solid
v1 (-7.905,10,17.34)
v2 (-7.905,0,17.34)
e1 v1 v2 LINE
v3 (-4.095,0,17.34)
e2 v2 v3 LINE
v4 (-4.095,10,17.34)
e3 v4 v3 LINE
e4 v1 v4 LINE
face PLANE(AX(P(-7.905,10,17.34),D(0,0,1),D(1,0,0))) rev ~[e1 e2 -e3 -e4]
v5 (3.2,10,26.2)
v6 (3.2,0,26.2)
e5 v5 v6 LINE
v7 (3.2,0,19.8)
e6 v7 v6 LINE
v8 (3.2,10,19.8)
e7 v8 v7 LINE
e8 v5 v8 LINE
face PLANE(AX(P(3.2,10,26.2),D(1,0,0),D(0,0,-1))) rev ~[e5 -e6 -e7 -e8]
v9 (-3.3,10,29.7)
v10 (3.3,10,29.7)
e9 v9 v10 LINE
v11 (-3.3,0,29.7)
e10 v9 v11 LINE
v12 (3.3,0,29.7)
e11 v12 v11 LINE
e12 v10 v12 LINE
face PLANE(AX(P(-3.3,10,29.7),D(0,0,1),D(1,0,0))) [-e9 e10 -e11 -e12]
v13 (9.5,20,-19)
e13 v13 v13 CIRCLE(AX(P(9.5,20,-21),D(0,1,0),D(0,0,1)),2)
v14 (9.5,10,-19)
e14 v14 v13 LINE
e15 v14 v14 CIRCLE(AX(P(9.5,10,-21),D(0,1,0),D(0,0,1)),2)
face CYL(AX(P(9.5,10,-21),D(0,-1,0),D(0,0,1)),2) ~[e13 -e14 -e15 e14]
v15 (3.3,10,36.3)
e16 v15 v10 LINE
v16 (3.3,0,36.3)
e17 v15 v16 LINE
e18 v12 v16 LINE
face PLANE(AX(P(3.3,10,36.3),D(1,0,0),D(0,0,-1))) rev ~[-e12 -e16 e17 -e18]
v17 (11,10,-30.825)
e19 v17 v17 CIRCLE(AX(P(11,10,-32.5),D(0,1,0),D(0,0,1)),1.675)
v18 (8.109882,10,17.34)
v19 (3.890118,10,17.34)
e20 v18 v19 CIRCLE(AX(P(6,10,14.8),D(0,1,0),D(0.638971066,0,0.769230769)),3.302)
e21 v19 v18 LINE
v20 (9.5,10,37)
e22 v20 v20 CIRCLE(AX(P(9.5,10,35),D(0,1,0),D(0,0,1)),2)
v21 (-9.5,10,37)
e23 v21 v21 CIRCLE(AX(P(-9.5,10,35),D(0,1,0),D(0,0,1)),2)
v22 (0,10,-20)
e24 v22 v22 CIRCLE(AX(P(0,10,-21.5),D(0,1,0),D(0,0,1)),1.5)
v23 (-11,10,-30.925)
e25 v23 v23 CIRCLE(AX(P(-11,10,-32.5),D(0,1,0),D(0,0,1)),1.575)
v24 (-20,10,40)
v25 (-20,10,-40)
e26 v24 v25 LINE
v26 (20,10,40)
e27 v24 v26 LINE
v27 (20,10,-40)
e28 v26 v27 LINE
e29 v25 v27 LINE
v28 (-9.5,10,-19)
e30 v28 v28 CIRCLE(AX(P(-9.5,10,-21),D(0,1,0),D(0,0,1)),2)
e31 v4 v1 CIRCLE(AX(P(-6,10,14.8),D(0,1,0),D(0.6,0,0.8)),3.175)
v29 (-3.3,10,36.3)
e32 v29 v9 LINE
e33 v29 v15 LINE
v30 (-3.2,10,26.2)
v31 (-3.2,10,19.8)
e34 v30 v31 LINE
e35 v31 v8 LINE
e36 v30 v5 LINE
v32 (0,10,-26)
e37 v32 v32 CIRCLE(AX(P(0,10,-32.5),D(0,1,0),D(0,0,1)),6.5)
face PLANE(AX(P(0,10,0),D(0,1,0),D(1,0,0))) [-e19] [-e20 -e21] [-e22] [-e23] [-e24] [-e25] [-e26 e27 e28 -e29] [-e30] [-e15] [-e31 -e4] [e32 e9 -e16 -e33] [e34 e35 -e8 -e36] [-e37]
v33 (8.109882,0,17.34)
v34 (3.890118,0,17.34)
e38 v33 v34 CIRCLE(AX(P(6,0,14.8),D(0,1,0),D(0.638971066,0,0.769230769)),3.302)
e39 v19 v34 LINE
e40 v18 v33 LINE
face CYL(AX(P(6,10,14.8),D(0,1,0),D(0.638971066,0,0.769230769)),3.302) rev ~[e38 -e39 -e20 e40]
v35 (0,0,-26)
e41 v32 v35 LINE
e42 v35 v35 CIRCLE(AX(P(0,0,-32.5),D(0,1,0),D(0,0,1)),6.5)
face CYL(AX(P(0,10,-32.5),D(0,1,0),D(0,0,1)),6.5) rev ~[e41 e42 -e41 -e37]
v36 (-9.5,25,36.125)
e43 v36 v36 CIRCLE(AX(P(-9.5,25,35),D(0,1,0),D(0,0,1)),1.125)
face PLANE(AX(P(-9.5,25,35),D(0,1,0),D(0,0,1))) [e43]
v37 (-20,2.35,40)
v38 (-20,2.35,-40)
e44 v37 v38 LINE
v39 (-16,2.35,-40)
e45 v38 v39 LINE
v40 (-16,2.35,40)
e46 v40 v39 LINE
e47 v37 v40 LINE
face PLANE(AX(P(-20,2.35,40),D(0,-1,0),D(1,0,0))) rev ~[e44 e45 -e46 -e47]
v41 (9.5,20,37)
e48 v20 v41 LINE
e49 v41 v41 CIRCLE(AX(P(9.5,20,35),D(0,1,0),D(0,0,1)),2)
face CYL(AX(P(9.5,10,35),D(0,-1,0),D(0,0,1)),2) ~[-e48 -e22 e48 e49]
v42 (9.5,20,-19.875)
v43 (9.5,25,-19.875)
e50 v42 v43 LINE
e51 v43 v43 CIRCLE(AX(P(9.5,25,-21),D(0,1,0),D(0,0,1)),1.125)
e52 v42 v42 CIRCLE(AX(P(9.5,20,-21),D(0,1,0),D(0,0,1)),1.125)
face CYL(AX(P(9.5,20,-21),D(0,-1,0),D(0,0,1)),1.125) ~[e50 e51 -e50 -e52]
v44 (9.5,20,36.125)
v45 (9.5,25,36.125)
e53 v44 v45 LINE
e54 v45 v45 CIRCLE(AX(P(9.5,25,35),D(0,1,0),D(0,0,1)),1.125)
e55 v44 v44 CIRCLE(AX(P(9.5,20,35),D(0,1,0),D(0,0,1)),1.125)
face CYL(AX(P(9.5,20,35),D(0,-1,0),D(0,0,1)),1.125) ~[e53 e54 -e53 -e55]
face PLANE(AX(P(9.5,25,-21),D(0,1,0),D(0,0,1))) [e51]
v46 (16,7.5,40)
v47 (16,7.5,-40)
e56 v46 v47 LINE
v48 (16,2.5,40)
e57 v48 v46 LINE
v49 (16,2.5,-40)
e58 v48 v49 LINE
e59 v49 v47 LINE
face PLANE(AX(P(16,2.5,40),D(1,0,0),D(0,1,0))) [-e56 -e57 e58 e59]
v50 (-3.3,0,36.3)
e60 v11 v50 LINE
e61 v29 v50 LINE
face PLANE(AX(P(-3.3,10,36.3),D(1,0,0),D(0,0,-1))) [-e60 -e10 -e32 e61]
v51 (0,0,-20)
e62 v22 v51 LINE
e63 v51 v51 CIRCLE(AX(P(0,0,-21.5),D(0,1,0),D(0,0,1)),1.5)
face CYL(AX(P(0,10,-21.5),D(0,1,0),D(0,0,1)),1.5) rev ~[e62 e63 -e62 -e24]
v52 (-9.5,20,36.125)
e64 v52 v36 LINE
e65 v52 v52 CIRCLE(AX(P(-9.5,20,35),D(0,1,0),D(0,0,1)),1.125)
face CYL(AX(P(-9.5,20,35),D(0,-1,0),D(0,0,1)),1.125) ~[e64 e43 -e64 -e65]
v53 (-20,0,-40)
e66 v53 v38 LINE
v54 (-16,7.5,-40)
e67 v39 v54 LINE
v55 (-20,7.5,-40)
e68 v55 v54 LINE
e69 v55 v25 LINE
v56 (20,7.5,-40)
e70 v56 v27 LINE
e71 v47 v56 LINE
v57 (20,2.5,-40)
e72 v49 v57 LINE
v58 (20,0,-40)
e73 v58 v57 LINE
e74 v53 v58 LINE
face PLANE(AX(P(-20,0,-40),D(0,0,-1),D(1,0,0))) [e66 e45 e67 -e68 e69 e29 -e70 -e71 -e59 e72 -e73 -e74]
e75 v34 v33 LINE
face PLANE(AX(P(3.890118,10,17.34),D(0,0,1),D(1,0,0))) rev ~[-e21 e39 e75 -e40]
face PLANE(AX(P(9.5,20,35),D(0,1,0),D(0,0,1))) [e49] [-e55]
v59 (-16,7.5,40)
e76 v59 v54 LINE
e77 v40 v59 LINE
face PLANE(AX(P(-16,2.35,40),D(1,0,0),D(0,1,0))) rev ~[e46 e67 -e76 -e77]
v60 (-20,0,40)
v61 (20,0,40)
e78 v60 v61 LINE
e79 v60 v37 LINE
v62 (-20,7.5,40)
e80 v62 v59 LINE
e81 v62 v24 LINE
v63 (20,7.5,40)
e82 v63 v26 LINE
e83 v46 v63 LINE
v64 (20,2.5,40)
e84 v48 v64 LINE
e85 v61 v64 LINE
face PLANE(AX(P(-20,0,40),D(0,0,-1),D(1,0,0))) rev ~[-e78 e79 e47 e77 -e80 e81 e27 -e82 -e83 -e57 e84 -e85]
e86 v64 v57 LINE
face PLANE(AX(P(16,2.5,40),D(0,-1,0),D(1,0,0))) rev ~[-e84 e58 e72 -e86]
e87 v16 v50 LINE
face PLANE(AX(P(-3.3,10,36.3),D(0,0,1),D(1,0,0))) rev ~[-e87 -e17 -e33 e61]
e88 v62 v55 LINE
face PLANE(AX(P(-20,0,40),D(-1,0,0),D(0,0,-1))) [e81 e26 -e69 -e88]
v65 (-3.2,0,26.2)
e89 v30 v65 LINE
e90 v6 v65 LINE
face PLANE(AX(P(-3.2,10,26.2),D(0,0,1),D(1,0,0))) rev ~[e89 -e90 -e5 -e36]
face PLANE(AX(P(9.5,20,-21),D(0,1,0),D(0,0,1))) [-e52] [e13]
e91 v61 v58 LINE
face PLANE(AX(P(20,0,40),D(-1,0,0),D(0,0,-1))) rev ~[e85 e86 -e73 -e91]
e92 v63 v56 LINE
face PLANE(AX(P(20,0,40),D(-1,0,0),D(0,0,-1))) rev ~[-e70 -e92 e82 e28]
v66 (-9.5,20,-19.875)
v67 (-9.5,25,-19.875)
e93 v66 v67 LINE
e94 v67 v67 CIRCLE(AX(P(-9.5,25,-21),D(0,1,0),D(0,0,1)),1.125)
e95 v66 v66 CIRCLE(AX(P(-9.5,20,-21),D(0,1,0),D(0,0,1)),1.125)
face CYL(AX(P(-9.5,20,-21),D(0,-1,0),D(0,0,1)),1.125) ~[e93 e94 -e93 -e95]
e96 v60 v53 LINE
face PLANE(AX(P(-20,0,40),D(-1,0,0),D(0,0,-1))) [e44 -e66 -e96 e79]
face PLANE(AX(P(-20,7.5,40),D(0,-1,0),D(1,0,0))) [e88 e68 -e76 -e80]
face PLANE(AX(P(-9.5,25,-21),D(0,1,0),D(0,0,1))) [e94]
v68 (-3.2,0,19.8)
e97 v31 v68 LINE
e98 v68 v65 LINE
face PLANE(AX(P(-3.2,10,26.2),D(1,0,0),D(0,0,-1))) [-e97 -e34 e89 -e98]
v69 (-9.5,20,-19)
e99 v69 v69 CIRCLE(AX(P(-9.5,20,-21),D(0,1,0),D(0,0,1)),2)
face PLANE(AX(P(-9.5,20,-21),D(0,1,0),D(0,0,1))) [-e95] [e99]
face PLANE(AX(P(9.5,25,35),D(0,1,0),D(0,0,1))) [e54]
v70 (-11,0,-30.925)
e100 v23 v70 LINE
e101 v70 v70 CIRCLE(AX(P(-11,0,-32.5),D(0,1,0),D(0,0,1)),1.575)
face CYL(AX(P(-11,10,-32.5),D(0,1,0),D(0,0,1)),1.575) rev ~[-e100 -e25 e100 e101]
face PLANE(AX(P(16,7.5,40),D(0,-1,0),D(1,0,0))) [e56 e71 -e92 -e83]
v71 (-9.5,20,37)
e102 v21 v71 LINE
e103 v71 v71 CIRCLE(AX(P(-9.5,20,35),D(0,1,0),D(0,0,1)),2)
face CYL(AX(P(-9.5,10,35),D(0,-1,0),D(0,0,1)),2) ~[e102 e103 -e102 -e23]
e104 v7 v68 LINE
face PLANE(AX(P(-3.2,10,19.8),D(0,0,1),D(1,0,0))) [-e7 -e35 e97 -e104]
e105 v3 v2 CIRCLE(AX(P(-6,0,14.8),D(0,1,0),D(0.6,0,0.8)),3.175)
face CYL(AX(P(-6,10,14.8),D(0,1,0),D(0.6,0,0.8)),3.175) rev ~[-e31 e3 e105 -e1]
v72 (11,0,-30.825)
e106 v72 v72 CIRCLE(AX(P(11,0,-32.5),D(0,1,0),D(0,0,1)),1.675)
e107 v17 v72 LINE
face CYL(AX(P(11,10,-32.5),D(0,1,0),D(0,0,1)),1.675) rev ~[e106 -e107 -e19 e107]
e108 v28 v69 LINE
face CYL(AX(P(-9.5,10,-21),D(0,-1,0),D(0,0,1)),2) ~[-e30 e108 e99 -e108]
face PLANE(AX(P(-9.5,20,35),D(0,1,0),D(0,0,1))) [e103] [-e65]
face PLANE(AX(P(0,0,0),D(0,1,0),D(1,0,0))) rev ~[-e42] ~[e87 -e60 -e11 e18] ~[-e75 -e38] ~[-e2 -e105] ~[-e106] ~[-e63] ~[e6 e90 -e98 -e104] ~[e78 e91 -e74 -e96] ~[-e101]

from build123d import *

# Parameters (mm, degrees)
ESQUISSE2_W             = 40
ESQUISSE2_H             = 80
BOSS_EXTRU_1_DEPTH      = 10
ESQUISSE3_R             = 2
BOSS_EXTRU_2_DEPTH      = 10
ESQUISSE4_R             = 1.125
BOSS_EXTRU_3_DEPTH      = 5
ENL_V_MAT_EXTRU_1_REACH = 49.17
ESQUISSE5_R             = 1.5
ESQUISSE5_R_2           = 1.575
ESQUISSE5_R_3           = 1.675
ESQUISSE5_R_4           = 6.5
ENL_V_MAT_EXTRU_2_REACH = 49.17
ESQUISSE6_W             = 6.6
ESQUISSE6_H             = 6.6
ESQUISSE6_W_2           = 6.4
ESQUISSE6_H_2           = 6.4
ENL_V_MAT_EXTRU_3_DEPTH = 10
ENL_V_MAT_EXTRU_4_REACH = 88.168
ESQUISSE8_W             = 4
ESQUISSE8_H             = 5
ESQUISSE8_H_2           = 5.15


with BuildPart() as part:
    # Esquisse2 → Boss.-Extru.1 (new body)
    with BuildSketch(Plane(origin=(0, 0, 0), x_dir=(1, 0, 0), z_dir=(0, 1, 0))):
        Rectangle(ESQUISSE2_W, ESQUISSE2_H)
    extrude(amount=BOSS_EXTRU_1_DEPTH)

    # Esquisse3 → Boss.-Extru.2 (add)
    with BuildSketch(Plane(origin=(0, 10, 0), x_dir=(1, 0, 0), z_dir=(0, 1, 0))):
        with Locations(Location((9.5, -35, 0), (0, 0, 270))):
            Circle(ESQUISSE3_R)
        with Locations(Location((9.5, 21, 0), (0, 0, 270))):
            Circle(ESQUISSE3_R)
        with Locations(Location((-9.5, -35, 0), (0, 0, 270))):
            Circle(ESQUISSE3_R)
        with Locations(Location((-9.5, 21, 0), (0, 0, 270))):
            Circle(ESQUISSE3_R)
    extrude(amount=BOSS_EXTRU_2_DEPTH)

    # Esquisse4 → Boss.-Extru.3 (add)
    with BuildSketch(Plane(origin=(0, 20, 0), x_dir=(1, 0, 0), z_dir=(0, 1, 0))):
        with Locations(Location((-9.5, -35, 0), (0, 0, 270))):
            Circle(ESQUISSE4_R)
        with Locations(Location((9.5, -35, 0), (0, 0, 270))):
            Circle(ESQUISSE4_R)
        with Locations(Location((-9.5, 21, 0), (0, 0, 270))):
            Circle(ESQUISSE4_R)
        with Locations(Location((9.5, 21, 0), (0, 0, 270))):
            Circle(ESQUISSE4_R)
    extrude(amount=BOSS_EXTRU_3_DEPTH)

    # Esquisse5 → Enlèv. mat.-Extru.1 (cut, up to next)
    with BuildSketch(Plane(origin=(0, 10, 0), x_dir=(1, 0, 0), z_dir=(0, 1, 0)), mode=Mode.PRIVATE) as enl_v_mat_extru_1_sk1:
        with Locations(Location((0, 21.5, 0), (0, 0, 270))):
            Circle(ESQUISSE5_R)
    enl_v_mat_extru_1_tool1 = extrude(enl_v_mat_extru_1_sk1.sketch, amount=-ENL_V_MAT_EXTRU_1_REACH, mode=Mode.PRIVATE) & part.part
    # Esquisse5 → Enlèv. mat.-Extru.1 (cut, up to next)
    with BuildSketch(Plane(origin=(0, 10, 0), x_dir=(1, 0, 0), z_dir=(0, 1, 0)), mode=Mode.PRIVATE) as enl_v_mat_extru_1_sk2:
        with Locations(Location((-11, 32.5, 0), (0, 0, 270))):
            Circle(ESQUISSE5_R_2)
    enl_v_mat_extru_1_tool2 = extrude(enl_v_mat_extru_1_sk2.sketch, amount=-ENL_V_MAT_EXTRU_1_REACH, mode=Mode.PRIVATE) & part.part
    # Esquisse5 → Enlèv. mat.-Extru.1 (cut, up to next)
    with BuildSketch(Plane(origin=(0, 10, 0), x_dir=(1, 0, 0), z_dir=(0, 1, 0)), mode=Mode.PRIVATE) as enl_v_mat_extru_1_sk3:
        with Locations(Location((11, 32.5, 0), (0, 0, 270))):
            Circle(ESQUISSE5_R_3)
    enl_v_mat_extru_1_tool3 = extrude(enl_v_mat_extru_1_sk3.sketch, amount=-ENL_V_MAT_EXTRU_1_REACH, mode=Mode.PRIVATE) & part.part
    # Esquisse5 → Enlèv. mat.-Extru.1 (cut, up to next)
    with BuildSketch(Plane(origin=(0, 10, 0), x_dir=(1, 0, 0), z_dir=(0, 1, 0)), mode=Mode.PRIVATE) as enl_v_mat_extru_1_sk4:
        with Locations(Location((0, 32.5, 0), (0, 0, 270))):
            Circle(ESQUISSE5_R_4)
    enl_v_mat_extru_1_tool4 = extrude(enl_v_mat_extru_1_sk4.sketch, amount=-ENL_V_MAT_EXTRU_1_REACH, mode=Mode.PRIVATE) & part.part
    add(enl_v_mat_extru_1_tool1.solids().sort_by_distance((0, 10, -21.5))[0], mode=Mode.SUBTRACT)
    add(enl_v_mat_extru_1_tool2.solids().sort_by_distance((-11, 10, -32.5))[0], mode=Mode.SUBTRACT)
    add(enl_v_mat_extru_1_tool3.solids().sort_by_distance((11, 10, -32.5))[0], mode=Mode.SUBTRACT)
    add(enl_v_mat_extru_1_tool4.solids().sort_by_distance((0, 10, -32.5))[0], mode=Mode.SUBTRACT)

    # Esquisse6 → Enlèv. mat.-Extru.2 (cut, up to next)
    with BuildSketch(Plane(origin=(0, 10, 0), x_dir=(1, 0, 0), z_dir=(0, 1, 0)), mode=Mode.PRIVATE) as enl_v_mat_extru_2_sk1:
        with Locations((0, -33)):
            Rectangle(ESQUISSE6_W, ESQUISSE6_H)
    enl_v_mat_extru_2_tool1 = extrude(enl_v_mat_extru_2_sk1.sketch, amount=-ENL_V_MAT_EXTRU_2_REACH, mode=Mode.PRIVATE) & part.part
    # Esquisse6 → Enlèv. mat.-Extru.2 (cut, up to next)
    with BuildSketch(Plane(origin=(0, 10, 0), x_dir=(1, 0, 0), z_dir=(0, 1, 0)), mode=Mode.PRIVATE) as enl_v_mat_extru_2_sk2:
        with Locations((0, -23)):
            Rectangle(ESQUISSE6_W_2, ESQUISSE6_H_2)
    enl_v_mat_extru_2_tool2 = extrude(enl_v_mat_extru_2_sk2.sketch, amount=-ENL_V_MAT_EXTRU_2_REACH, mode=Mode.PRIVATE) & part.part
    add(enl_v_mat_extru_2_tool1.solids().sort_by_distance((0, 10, 33))[0], mode=Mode.SUBTRACT)
    add(enl_v_mat_extru_2_tool2.solids().sort_by_distance((0, 10, 23))[0], mode=Mode.SUBTRACT)

    # Esquisse7 → Enlèv. mat.-Extru.3 (cut)
    with BuildSketch(Plane(origin=(0, 10, 0), x_dir=(1, 0, 0), z_dir=(0, 1, 0))):
        with BuildLine():
            Line((-7.905, -17.34), (-4.095, -17.34))
            ThreePointArc((-4.095, -17.34), (-6, -11.625), (-7.905, -17.34))
        make_face()
        with BuildLine():
            Line((3.890117539, -17.34), (8.109882461, -17.34))
            ThreePointArc((8.109882461, -17.34), (6, -11.498), (3.890117539, -17.34))
        make_face()
    extrude(amount=-ENL_V_MAT_EXTRU_3_DEPTH, mode=Mode.SUBTRACT)

    # Esquisse8 → Enlèv. mat.-Extru.4 (cut, up to next)
    with BuildSketch(Plane.XY.offset(40), mode=Mode.PRIVATE) as enl_v_mat_extru_4_sk1:
        with Locations((18, 5)):
            Rectangle(ESQUISSE8_W, ESQUISSE8_H)
    enl_v_mat_extru_4_tool1 = extrude(enl_v_mat_extru_4_sk1.sketch, amount=-ENL_V_MAT_EXTRU_4_REACH, mode=Mode.PRIVATE) & part.part
    # Esquisse8 → Enlèv. mat.-Extru.4 (cut, up to next)
    with BuildSketch(Plane.XY.offset(40), mode=Mode.PRIVATE) as enl_v_mat_extru_4_sk2:
        with Locations((-18, 4.925)):
            Rectangle(ESQUISSE8_W, ESQUISSE8_H_2)
    enl_v_mat_extru_4_tool2 = extrude(enl_v_mat_extru_4_sk2.sketch, amount=-ENL_V_MAT_EXTRU_4_REACH, mode=Mode.PRIVATE) & part.part
    add(enl_v_mat_extru_4_tool1.solids().sort_by_distance((18, 5, 40))[0], mode=Mode.SUBTRACT)
    add(enl_v_mat_extru_4_tool2.solids().sort_by_distance((-18, 4.925, 40))[0], mode=Mode.SUBTRACT)


solid = part.part
